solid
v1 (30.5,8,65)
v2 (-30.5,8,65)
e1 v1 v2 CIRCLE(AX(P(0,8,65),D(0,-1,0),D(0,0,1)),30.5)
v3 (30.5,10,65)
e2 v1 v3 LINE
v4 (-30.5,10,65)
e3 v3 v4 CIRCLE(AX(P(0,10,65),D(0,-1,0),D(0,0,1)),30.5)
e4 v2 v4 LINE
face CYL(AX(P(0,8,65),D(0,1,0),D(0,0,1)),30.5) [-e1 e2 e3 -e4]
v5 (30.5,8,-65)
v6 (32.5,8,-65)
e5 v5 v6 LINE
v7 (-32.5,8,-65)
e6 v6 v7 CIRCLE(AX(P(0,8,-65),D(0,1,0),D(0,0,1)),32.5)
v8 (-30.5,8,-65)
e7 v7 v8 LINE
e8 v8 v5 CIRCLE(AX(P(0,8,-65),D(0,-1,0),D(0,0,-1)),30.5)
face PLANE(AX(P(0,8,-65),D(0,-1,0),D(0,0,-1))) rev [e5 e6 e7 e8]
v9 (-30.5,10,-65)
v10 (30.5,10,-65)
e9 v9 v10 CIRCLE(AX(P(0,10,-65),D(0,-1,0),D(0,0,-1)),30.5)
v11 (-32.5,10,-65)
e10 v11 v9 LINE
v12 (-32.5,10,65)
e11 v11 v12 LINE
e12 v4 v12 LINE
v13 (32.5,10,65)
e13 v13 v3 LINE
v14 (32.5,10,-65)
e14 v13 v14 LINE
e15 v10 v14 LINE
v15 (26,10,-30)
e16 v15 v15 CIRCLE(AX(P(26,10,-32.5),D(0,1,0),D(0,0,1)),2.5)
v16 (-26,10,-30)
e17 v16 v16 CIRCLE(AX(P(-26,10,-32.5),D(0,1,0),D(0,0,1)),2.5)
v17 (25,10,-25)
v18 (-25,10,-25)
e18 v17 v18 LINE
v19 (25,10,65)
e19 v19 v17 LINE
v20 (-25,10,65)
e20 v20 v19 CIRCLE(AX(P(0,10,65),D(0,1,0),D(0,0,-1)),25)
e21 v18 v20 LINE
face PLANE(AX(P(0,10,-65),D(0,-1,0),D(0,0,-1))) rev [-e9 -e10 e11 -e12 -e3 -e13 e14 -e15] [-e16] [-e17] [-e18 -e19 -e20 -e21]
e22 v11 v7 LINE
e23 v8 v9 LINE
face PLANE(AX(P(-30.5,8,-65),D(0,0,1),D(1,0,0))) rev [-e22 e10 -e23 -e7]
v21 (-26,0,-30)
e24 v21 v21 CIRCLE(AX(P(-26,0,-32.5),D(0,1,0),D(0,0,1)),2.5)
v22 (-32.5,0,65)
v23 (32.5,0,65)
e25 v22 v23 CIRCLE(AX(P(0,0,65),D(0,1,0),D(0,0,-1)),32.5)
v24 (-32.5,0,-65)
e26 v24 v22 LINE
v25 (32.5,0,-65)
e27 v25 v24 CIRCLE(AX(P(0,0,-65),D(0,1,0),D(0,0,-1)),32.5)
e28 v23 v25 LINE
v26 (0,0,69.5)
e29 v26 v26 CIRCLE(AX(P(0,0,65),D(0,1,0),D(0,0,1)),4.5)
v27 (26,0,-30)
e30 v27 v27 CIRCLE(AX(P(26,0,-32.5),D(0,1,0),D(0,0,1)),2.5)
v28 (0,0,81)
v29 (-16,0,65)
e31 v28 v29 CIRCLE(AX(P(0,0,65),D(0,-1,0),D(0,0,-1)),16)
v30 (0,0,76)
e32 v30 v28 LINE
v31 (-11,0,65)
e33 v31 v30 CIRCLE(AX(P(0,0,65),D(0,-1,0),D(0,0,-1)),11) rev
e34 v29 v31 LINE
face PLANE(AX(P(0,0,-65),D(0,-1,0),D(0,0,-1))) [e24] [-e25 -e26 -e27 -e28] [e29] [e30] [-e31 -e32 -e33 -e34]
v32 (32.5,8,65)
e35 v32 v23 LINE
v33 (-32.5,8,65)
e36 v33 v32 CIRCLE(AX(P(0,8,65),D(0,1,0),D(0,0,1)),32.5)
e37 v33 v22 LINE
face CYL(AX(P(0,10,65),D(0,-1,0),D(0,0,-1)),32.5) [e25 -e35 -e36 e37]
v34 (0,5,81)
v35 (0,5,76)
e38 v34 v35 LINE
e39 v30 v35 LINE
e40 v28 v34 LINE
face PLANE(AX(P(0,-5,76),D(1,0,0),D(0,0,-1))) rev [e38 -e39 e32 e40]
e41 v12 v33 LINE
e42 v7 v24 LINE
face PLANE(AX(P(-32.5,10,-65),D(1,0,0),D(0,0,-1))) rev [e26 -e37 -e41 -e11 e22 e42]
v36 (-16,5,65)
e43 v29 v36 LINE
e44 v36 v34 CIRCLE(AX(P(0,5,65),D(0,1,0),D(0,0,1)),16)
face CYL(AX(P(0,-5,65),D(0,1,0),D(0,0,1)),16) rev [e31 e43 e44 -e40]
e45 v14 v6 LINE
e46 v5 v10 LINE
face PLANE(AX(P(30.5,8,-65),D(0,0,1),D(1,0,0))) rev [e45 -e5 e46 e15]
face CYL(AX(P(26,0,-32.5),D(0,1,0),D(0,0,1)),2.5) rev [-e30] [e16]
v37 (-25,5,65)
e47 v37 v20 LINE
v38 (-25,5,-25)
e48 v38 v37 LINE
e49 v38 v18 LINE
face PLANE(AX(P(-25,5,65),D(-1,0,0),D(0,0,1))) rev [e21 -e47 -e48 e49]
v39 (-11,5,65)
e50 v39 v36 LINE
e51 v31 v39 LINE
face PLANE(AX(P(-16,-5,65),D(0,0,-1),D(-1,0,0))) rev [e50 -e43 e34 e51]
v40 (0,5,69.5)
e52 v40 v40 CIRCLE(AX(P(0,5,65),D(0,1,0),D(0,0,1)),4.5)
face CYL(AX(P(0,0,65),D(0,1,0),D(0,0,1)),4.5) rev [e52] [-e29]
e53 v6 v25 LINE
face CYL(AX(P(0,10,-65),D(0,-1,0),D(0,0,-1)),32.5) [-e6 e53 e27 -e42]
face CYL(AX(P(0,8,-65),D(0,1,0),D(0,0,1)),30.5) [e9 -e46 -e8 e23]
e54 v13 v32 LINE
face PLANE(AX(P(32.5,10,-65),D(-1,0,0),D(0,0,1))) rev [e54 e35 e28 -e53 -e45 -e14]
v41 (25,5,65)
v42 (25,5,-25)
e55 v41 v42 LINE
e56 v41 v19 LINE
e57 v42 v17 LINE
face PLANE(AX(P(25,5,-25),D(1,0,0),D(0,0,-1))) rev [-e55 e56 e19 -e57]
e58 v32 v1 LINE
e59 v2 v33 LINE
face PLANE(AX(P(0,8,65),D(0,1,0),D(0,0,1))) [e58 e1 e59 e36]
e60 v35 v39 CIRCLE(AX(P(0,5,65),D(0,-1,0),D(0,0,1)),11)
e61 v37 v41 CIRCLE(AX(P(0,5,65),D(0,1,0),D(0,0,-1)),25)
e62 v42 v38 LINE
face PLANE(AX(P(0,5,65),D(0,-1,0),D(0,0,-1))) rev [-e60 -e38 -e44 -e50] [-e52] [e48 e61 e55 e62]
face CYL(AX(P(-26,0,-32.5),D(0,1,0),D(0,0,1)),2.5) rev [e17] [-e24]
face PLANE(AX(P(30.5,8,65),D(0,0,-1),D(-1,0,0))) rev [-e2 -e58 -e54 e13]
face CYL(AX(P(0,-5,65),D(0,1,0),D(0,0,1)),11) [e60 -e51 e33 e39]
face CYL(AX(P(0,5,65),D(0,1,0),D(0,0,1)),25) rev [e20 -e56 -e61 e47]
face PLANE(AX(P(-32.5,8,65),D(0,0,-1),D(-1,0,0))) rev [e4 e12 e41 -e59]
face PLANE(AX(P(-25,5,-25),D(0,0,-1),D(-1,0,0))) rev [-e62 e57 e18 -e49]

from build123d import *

# Parameters (mm, degrees)
BOSS_EXTRUDE1_DEPTH = 10
CUT_EXTRUDE4_DEPTH  = 5
SKETCH7_R           = 4.5
CUT_EXTRUDE5_DEPTH  = 5
CUT_EXTRUDE6_DEPTH  = 10
CUT_EXTRUDE7_START  = -2
CUT_EXTRUDE7_DEPTH  = 2
SKETCH11_R          = 2.5
CUT_EXTRUDE8_DEPTH  = 104.25938214


with BuildPart() as part:
    # Sketch1 → Boss-Extrude1 (new body)
    with BuildSketch(Plane(origin=(0, 0, 0), x_dir=(1, 0, 0), z_dir=(0, 1, 0))):
        with BuildLine():
            Line((-32.5, 65), (-32.5, -65))
            ThreePointArc((-32.5, -65), (0, -97.5), (32.5, -65))
            Line((32.5, -65), (32.5, 65))
            ThreePointArc((32.5, 65), (0, 97.5), (-32.5, 65))
        make_face()
    extrude(amount=BOSS_EXTRUDE1_DEPTH)

    # Sketch6 → Cut-Extrude4 (cut)
    with BuildSketch(Plane(origin=(0, 10, 0), x_dir=(1, 0, 0), z_dir=(0, 1, 0))):
        with BuildLine():
            Line((-25, -65), (-25, 25))
            Line((-25, 25), (25, 25))
            Line((25, 25), (25, -65))
            ThreePointArc((25, -65), (0, -90), (-25, -65))
        make_face()
    extrude(amount=-CUT_EXTRUDE4_DEPTH, mode=Mode.SUBTRACT)

    # Sketch7 → Cut-Extrude5 (cut)
    with BuildSketch(Plane(origin=(0, 5, 0), x_dir=(1, 0, 0), z_dir=(0, 1, 0))):
        with Locations(Location((0, -65, 0), (0, 0, 270))):
            Circle(SKETCH7_R)
    extrude(amount=-CUT_EXTRUDE5_DEPTH, mode=Mode.SUBTRACT)

    # Sketch8 → Cut-Extrude6 (cut)
    with BuildSketch(Plane(origin=(0, 5, 0), x_dir=(1, 0, 0), z_dir=(0, 1, 0))):
        with BuildLine():
            Line((-16, -65), (-11, -65))
            ThreePointArc((-11, -65), (-7.778174593, -72.778174593), (0, -76))
            Line((0, -76), (0, -81))
            ThreePointArc((0, -81), (-11.313708499, -76.313708499), (-16, -65))
        make_face()
    extrude(amount=-CUT_EXTRUDE6_DEPTH, mode=Mode.SUBTRACT)

    # Sketch9 → Cut-Extrude7 (cut)
    with BuildSketch(Plane(origin=(0, 10, 0), x_dir=(1, 0, 0), z_dir=(0, 1, 0)).offset(CUT_EXTRUDE7_START)):
        with BuildLine():
            Line((-32.5, -65), (-30.5, -65))
            ThreePointArc((-30.5, -65), (0, -95.5), (30.5, -65))
            Line((30.5, -65), (32.5, -65))
            ThreePointArc((32.5, -65), (0, -97.5), (-32.5, -65))
        make_face()
        with BuildLine():
            Line((-30.5, 65), (-32.5, 65))
            ThreePointArc((-32.5, 65), (0, 97.5), (32.5, 65))
            Line((32.5, 65), (30.5, 65))
            ThreePointArc((30.5, 65), (0, 95.5), (-30.5, 65))
        make_face()
    extrude(amount=CUT_EXTRUDE7_DEPTH, mode=Mode.SUBTRACT)

    # Sketch11 → Cut-Extrude8 (cut, through all)
    with BuildSketch(Plane(origin=(0, 10, 0), x_dir=(1, 0, 0), z_dir=(0, 1, 0))):
        with Locations(Location((26, 32.5, 0), (0, 0, 270))):
            Circle(SKETCH11_R)
        with Locations(Location((-26, 32.5, 0), (0, 0, 270))):
            Circle(SKETCH11_R)
    extrude(amount=-CUT_EXTRUDE8_DEPTH, mode=Mode.SUBTRACT)


solid = part.part
